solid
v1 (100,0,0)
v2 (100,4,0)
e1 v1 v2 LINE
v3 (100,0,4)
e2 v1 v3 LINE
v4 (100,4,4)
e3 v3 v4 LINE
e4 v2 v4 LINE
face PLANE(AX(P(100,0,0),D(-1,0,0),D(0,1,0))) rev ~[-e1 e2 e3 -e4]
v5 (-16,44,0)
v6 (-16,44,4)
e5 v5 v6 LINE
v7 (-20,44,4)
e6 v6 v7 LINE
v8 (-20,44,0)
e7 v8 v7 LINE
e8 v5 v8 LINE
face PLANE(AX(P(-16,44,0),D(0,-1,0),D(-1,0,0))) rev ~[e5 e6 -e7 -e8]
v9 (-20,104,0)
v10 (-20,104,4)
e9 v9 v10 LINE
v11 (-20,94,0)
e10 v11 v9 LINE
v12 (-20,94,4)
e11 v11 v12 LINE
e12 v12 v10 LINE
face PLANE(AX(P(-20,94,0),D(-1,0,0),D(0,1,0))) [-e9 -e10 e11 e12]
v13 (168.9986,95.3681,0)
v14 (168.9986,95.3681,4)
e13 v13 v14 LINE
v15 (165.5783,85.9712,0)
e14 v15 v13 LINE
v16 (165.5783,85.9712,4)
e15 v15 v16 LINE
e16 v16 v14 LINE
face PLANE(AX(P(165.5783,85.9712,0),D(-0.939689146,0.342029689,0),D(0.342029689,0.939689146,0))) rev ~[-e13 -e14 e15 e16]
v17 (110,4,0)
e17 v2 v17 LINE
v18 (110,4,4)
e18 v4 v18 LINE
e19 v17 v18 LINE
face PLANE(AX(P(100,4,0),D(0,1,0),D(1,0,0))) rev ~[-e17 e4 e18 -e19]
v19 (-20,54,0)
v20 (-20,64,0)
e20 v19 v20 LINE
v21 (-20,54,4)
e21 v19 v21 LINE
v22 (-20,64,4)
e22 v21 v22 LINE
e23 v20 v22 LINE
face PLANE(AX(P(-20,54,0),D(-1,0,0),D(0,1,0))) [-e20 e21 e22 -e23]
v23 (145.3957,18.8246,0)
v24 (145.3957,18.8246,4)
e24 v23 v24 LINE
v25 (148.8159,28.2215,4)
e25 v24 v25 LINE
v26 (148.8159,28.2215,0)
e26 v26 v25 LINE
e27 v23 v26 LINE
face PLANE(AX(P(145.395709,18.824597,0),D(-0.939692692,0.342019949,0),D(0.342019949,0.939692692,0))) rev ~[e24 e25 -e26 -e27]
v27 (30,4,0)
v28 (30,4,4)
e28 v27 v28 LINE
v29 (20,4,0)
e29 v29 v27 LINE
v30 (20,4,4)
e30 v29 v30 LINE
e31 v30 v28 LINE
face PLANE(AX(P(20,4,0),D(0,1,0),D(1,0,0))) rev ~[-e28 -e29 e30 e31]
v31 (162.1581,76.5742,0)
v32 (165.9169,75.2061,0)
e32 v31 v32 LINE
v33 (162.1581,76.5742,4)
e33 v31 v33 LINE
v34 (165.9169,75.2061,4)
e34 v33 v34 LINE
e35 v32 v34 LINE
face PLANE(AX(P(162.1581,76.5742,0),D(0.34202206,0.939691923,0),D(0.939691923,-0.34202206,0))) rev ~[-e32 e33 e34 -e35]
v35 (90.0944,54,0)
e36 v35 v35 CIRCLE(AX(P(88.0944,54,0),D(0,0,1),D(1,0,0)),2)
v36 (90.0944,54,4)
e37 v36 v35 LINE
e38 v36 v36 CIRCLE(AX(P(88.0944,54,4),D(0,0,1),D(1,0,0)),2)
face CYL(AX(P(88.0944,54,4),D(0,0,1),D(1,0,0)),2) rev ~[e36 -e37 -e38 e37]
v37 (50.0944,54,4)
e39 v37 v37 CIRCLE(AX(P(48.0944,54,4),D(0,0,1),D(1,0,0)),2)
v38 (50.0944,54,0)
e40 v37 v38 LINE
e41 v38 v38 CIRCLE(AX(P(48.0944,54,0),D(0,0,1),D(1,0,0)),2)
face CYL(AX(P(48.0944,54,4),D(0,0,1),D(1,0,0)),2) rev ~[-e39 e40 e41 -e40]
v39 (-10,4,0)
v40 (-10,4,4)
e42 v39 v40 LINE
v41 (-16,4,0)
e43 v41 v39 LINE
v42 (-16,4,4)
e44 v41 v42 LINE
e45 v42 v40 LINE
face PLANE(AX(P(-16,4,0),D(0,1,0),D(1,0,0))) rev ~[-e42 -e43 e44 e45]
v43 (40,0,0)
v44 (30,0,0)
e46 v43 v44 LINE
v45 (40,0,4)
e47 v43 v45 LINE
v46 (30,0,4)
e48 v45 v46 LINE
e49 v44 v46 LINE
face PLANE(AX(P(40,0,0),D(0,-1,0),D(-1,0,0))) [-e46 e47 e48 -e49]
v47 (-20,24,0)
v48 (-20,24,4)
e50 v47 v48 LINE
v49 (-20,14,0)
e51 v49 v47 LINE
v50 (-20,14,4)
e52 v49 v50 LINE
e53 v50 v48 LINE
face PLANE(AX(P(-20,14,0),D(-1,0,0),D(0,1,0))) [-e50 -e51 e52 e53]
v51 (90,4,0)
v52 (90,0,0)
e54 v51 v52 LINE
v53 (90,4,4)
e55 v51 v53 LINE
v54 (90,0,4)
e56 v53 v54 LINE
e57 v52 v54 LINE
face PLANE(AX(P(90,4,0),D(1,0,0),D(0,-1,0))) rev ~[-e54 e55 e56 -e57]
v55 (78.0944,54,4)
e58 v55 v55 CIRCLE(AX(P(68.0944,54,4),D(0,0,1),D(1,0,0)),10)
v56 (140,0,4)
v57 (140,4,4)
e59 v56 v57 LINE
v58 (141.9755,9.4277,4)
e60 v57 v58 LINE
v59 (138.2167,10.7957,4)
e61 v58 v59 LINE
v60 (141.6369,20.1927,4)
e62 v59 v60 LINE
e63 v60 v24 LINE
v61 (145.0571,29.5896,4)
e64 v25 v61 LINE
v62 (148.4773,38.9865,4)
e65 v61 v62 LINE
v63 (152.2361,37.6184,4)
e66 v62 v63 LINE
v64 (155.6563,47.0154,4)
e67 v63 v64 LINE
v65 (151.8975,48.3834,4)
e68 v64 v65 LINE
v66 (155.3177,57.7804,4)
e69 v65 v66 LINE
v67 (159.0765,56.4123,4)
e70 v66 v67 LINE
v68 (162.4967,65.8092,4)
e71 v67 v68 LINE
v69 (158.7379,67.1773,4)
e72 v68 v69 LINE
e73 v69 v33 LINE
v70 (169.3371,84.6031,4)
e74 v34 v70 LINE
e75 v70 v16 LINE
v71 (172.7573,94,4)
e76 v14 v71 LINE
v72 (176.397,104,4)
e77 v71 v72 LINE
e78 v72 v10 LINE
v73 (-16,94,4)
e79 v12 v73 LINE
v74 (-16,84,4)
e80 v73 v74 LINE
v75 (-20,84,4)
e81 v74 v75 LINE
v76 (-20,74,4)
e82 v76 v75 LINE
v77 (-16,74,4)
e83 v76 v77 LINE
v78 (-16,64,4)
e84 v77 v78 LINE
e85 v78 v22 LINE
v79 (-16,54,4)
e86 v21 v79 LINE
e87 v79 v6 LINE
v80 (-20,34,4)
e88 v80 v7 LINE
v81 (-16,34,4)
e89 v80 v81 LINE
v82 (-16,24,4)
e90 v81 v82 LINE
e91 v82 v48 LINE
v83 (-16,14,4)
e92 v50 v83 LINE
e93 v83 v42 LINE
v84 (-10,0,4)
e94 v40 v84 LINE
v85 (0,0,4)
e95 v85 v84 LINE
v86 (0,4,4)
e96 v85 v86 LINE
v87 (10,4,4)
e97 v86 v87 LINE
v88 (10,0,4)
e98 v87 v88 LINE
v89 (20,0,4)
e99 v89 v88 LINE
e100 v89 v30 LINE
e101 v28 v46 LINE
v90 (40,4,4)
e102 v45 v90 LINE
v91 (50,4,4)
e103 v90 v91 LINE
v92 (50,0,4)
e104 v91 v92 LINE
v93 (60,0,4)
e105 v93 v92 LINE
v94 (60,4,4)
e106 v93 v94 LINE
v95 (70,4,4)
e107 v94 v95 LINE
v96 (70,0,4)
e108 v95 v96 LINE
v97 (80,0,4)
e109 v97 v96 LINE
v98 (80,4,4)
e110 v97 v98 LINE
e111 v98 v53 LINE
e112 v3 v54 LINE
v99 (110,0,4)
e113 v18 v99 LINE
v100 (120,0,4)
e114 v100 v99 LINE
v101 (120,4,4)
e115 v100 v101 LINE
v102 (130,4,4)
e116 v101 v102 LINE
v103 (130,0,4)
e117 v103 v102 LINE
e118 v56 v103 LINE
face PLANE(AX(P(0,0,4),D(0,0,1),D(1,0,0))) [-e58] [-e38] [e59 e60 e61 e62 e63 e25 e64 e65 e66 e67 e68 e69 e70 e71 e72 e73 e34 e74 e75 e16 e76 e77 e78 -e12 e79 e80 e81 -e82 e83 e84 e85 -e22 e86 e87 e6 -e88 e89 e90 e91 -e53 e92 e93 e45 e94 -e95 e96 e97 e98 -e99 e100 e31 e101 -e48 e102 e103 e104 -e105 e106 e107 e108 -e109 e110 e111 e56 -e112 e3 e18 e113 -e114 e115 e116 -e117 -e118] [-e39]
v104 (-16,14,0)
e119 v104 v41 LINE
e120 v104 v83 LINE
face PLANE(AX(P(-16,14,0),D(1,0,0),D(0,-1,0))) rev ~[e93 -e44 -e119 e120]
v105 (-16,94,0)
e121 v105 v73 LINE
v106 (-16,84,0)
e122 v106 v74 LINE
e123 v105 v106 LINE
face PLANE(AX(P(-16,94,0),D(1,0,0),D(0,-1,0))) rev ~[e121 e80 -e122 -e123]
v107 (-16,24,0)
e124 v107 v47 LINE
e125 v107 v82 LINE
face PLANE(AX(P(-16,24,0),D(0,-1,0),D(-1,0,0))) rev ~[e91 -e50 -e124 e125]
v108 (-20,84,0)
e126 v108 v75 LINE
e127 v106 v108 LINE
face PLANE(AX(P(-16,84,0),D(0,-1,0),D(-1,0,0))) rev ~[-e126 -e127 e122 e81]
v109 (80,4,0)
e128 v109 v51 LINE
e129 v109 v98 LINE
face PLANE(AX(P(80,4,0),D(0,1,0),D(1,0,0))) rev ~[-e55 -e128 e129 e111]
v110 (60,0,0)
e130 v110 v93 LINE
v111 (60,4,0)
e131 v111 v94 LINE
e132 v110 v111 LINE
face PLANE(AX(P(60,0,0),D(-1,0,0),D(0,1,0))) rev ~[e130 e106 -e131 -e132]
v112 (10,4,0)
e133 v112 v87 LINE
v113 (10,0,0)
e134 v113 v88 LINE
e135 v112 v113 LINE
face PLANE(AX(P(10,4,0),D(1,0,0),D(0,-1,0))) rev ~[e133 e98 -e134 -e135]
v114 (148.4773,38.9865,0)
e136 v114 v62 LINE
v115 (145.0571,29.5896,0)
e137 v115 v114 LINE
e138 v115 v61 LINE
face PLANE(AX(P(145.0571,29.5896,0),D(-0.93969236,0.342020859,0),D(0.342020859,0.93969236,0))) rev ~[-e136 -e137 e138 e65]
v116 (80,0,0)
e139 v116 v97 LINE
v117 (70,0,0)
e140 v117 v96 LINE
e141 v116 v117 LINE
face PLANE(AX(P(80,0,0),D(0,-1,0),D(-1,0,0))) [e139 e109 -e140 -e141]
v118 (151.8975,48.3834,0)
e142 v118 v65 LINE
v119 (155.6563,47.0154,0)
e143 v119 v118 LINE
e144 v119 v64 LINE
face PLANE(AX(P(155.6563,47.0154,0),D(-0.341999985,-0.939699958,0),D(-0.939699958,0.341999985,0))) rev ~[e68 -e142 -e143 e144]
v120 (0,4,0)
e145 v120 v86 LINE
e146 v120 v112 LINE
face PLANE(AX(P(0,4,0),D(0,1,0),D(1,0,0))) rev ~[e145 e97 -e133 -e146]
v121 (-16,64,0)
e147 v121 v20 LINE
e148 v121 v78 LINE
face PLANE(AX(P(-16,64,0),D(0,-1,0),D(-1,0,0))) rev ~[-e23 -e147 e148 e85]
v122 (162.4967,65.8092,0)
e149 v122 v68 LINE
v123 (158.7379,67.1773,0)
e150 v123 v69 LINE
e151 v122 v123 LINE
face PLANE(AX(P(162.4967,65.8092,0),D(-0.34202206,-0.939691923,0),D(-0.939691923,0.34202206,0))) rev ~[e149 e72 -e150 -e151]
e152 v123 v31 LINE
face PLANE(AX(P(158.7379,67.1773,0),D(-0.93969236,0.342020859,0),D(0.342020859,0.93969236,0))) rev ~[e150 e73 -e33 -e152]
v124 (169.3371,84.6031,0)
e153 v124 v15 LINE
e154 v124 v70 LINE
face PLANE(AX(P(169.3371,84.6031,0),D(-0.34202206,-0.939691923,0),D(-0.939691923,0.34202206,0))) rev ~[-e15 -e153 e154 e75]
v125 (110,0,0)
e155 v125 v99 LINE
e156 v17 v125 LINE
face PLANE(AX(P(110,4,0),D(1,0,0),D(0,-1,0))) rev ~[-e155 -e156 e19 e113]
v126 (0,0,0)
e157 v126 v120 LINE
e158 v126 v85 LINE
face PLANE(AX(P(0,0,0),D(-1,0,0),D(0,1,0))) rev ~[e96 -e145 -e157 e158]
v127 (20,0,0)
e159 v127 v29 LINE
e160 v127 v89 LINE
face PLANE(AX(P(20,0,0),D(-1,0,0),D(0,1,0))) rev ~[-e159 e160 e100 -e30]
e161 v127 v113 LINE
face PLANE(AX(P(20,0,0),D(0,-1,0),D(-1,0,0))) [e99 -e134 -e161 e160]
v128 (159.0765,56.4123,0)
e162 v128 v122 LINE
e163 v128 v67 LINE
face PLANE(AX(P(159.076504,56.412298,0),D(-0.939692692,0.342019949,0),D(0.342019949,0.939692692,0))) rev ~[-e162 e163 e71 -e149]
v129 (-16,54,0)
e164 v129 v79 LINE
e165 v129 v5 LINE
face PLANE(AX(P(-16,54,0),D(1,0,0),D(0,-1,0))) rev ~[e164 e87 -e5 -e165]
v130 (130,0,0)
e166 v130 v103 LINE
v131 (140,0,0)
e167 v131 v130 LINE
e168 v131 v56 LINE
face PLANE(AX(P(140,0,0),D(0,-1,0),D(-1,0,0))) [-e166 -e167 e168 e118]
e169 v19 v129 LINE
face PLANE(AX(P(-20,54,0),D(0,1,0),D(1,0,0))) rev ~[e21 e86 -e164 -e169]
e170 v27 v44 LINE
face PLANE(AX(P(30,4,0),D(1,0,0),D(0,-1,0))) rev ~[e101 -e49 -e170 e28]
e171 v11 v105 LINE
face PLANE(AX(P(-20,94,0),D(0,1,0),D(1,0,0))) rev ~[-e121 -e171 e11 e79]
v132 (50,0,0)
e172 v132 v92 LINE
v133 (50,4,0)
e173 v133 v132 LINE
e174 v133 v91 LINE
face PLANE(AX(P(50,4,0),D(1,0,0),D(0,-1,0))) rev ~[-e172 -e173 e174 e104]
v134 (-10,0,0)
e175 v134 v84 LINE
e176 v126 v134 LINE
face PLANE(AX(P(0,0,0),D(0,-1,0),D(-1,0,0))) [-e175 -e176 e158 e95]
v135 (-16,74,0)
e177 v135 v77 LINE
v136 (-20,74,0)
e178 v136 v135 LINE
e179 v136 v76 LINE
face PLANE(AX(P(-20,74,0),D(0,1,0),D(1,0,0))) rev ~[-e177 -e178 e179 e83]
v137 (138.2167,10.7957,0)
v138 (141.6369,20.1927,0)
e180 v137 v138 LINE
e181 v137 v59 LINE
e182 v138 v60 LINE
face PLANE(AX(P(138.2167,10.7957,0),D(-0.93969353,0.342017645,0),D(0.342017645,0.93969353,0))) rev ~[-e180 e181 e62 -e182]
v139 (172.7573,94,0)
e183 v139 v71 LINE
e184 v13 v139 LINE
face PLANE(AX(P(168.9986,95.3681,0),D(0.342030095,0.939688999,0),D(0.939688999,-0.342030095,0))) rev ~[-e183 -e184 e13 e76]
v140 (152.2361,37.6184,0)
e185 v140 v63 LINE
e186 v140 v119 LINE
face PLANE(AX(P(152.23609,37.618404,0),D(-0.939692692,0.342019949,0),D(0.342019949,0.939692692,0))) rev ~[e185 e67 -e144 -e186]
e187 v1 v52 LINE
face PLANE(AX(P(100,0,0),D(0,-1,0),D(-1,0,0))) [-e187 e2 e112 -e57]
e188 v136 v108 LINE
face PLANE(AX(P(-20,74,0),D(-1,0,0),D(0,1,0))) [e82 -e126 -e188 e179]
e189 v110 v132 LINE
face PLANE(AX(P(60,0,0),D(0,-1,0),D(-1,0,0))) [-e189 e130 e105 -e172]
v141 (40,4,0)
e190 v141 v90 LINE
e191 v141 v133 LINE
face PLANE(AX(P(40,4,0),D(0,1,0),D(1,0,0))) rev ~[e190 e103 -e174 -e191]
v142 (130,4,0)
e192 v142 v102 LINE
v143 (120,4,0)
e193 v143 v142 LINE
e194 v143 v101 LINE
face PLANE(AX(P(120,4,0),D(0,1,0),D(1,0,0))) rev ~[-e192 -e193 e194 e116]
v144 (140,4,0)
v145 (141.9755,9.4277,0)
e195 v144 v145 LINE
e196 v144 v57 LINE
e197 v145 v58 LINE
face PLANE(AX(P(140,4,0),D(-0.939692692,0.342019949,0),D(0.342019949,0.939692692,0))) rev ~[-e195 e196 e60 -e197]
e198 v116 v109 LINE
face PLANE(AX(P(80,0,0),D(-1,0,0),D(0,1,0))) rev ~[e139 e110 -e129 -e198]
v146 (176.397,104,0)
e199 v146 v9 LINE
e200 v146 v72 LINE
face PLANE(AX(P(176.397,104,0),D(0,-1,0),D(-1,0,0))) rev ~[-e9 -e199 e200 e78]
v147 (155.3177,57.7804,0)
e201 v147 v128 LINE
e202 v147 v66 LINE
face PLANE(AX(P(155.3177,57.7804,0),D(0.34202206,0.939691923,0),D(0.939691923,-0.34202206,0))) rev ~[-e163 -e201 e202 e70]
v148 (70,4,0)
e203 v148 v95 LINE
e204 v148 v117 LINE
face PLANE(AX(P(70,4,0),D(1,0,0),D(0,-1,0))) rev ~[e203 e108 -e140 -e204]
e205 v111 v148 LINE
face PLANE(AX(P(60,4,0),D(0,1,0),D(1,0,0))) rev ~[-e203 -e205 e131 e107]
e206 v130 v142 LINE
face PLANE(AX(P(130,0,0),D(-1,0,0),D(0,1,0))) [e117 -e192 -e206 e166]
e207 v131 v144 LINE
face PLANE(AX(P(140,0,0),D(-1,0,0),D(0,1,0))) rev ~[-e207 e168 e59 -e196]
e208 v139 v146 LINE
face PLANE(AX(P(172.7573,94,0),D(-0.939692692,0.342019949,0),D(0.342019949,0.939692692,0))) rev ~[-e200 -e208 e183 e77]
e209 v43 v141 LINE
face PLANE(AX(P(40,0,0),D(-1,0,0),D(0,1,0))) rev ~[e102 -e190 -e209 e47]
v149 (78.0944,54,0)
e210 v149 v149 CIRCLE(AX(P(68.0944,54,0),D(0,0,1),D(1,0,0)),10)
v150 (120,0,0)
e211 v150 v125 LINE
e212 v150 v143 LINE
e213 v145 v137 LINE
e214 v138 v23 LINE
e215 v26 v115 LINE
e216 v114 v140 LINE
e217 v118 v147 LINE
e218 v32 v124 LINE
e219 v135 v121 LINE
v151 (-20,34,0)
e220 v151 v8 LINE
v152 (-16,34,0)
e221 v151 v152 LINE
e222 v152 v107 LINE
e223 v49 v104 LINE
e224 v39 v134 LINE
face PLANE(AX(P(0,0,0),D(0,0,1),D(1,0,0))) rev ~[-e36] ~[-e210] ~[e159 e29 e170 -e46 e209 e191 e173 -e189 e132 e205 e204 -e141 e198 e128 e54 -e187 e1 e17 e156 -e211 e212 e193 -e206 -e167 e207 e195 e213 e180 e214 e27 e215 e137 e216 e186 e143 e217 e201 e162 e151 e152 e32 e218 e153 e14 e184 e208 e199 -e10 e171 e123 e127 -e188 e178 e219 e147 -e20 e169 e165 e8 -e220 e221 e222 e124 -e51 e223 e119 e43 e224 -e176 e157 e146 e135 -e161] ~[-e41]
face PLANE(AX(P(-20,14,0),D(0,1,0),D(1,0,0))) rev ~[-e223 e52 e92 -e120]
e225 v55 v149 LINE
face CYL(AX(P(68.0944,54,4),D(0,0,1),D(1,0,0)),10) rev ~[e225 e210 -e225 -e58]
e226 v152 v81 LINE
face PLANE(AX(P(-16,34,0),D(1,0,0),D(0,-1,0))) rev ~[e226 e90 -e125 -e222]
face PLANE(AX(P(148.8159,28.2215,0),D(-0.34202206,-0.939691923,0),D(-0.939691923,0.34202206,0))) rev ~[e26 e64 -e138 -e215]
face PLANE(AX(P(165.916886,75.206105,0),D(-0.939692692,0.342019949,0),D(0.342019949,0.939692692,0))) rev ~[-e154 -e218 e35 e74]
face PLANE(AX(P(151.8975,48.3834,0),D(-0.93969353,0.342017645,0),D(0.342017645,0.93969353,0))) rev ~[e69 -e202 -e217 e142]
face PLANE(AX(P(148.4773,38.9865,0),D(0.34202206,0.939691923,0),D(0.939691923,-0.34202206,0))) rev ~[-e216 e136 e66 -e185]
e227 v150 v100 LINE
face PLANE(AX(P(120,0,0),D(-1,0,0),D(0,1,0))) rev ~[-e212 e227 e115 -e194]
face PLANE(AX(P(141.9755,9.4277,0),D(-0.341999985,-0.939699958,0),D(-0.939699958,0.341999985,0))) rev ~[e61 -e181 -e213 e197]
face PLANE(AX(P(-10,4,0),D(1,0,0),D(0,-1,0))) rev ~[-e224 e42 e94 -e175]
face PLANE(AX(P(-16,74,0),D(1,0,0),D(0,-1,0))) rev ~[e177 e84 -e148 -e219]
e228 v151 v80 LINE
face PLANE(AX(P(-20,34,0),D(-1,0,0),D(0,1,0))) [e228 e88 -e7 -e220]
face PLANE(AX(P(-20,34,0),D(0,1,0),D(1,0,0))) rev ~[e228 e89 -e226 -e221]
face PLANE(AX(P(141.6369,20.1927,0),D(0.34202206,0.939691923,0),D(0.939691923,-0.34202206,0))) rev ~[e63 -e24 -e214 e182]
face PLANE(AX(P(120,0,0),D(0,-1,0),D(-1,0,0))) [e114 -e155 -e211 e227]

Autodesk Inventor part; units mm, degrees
ref_plane "YZ Plane" through (0, 0, 0) normal (1, 0, 0) x (0, 1, 0)
ref_plane "XZ Plane" through (0, 0, 0) normal (0, 1, 0) x (-1, 0, 0)
ref_plane "XY Plane" through (0, 0, 0) normal (0, 0, 1) x (1, 0, 0)
sketch "Эскиз1" plane through (0, 0, 0) normal (0, 0, 1) x (1, 0, 0)
  line L0 (130, 0) -> (130, 4) projected
  line L1 (140, 4) -> (130, 4) projected
  line L2 (140, 0) -> (140, 4) projected
  line L3 (140, 0) -> (130, 0) projected
  line L4 (120, 0) -> (120, 4) projected
  line L5 (120, 4) -> (110, 4) projected
  line L6 (110, 4) -> (110, 0) projected
  line L7 (120, 0) -> (110, 0) projected
  line L8 (90, 4) -> (90, 0) projected
  line L9 (100, 0) -> (90, 0) projected
  line L10 (100, 0) -> (100, 4) projected
  line L11 (100, 4) -> (90, 4) projected
  line L12 (80, 0) -> (80, 4) projected
  line L13 (80, 4) -> (70, 4) projected
  line L14 (70, 4) -> (70, 0) projected
  line L15 (80, 0) -> (70, 0) projected
  line L16 (50, 4) -> (50, 0) projected
  line L17 (60, 0) -> (50, 0) projected
  line L18 (60, 0) -> (60, 4) projected
  line L19 (60, 4) -> (50, 4) projected
  line L20 (40, 0) -> (40, 4) projected
  line L21 (40, 4) -> (30, 4) projected
  line L22 (30, 4) -> (30, 0) projected
  line L23 (40, 0) -> (30, 0) projected
  line L24 (10, 4) -> (10, 0) projected
  line L25 (20, 0) -> (10, 0) projected
  line L26 (20, 0) -> (20, 4) projected
  line L27 (20, 4) -> (10, 4) projected
  line L28 (0, 0) -> (0, 4) projected
  line L29 (0, 4) -> (-10, 4) projected
  line L30 (-10, 4) -> (-10, 0) projected
  line L31 (0, 0) -> (-10, 0) projected
  line L32 (-20, 4) -> (-10, 4) projected
  line L33 (-20, 4) -> (140, 4)
  line L34 (-20, 4) -> (-20, 104)
  line L35 (140, 4) -> (176.397, 104)
  line L36 (140, 4) -> (246.4178, 4) construction
  line L37 (176.397, 104) -> (-20, 104)
  line L38 (-20, 94) -> (-16, 94)
  line L39 (-16, 94) -> (-16, 84)
  line L40 (-16, 84) -> (-20, 84)
  line L41 (-20, 84) -> (-20, 94)
  line L42 (-16, 74) -> (-16, 64)
  line L43 (-20, 64) -> (-20, 74)
  line L44 (-20, 74) -> (-16, 74)
  line L45 (-16, 64) -> (-20, 64)
  line L46 (-16, 54) -> (-16, 44)
  line L47 (-20, 44) -> (-20, 54)
  line L48 (-20, 54) -> (-16, 54)
  line L49 (-16, 44) -> (-20, 44)
  line L50 (-16, 34) -> (-16, 24)
  line L51 (-20, 24) -> (-20, 34)
  line L52 (-20, 34) -> (-16, 34)
  line L53 (-16, 24) -> (-20, 24)
  line L54 (-16, 14) -> (-16, 4)
  line L55 (-20, 4) -> (-20, 14)
  line L56 (-20, 14) -> (-16, 14)
  line L57 (-16, 4) -> (-20, 4)
  line L58 (172.7573, 94) -> (169.3371, 84.6031)
  line L59 (169.3371, 84.6031) -> (165.5783, 85.9712)
  line L60 (165.5783, 85.9712) -> (168.9986, 95.3681)
  line L61 (168.9986, 95.3681) -> (172.7573, 94)
  line L62 (158.7379, 67.1773) -> (162.1581, 76.5742)
  line L63 (165.9169, 75.2061) -> (162.4967, 65.8092)
  line L64 (162.1581, 76.5742) -> (165.9169, 75.2061)
  line L65 (162.4967, 65.8092) -> (158.7379, 67.1773)
  line L66 (151.8975, 48.3834) -> (155.3177, 57.7804)
  line L67 (159.0765, 56.4123) -> (155.6563, 47.0154)
  line L68 (155.3177, 57.7804) -> (159.0765, 56.4123)
  line L69 (155.6563, 47.0154) -> (151.8975, 48.3834)
  line L70 (145.0571, 29.5896) -> (148.4773, 38.9865)
  line L71 (152.2361, 37.6184) -> (148.8159, 28.2215)
  line L72 (148.4773, 38.9865) -> (152.2361, 37.6184)
  line L73 (148.8159, 28.2215) -> (145.0571, 29.5896)
  line L74 (138.2167, 10.7957) -> (141.6369, 20.1927)
  line L75 (145.3957, 18.8246) -> (141.9755, 9.4277)
  line L76 (141.6369, 20.1927) -> (145.3957, 18.8246)
  line L77 (141.9755, 9.4277) -> (138.2167, 10.7957)
  dimension "d0" = 100
  dimension "d1" = 70
  dimension "d2" = 4
  dimension "d3" = 10
  dimension "d4" = 10
  dimension "d7" = 20
  dimension "d12" = 10
  dimension "d13" = 4
  dimension "d14" = 10
  dimension "d17" = 20
extrude "Выдавливание1" add sketch "Эскиз1" along normal blind 4 contours L0 L1 L2 L3 | L33 L5 L11 L13 L19 L21 L27 L29 L32 L54 L56 L34 L53 L50 L52 L49 L46 L48 L45 L42 L44 L40 L39 L38 L37 L35 L61 L60 L59 L64 L62 L65 L68 L66 L69 L72 L70 L73 L76 L74 L77 L1 | L4 L7 L6 L5 | L10 L9 L8 L11 | L12 L15 L14 L13 | L18 L17 L16 L19 | L20 L23 L22 L21 | L26 L25 L24 L27 | L28 L31 L30 L29
sketch "Эскиз2" plane through (0, 0, 4) normal (0, 0, 1) x (1, 0, 0)
  arc A0 (66.5944, 51.4019) -> (66.5944, 56.5981) centre (68.0944, 54) ccw projected
  circle A1 centre (68.0944, 54) radius 3
  circle A2 centre (68.0944, 54) radius 10
  circle A3 centre (88.0944, 54) radius 2
  circle A4 centre (48.0944, 54) radius 2
  point P0 (0, 0)
  dimension "d24" = 20
  dimension "d25" = 4
  dimension "d26" = 4
  dimension "d27" = 20
  dimension "d28" = 20
extrude "Выдавливание2" cut sketch "Эскиз2" against normal blind 4 contours A1 A0 | A2 | A3 | A4
equation "\"d28\" = d27"
properties part number "боковушка"
